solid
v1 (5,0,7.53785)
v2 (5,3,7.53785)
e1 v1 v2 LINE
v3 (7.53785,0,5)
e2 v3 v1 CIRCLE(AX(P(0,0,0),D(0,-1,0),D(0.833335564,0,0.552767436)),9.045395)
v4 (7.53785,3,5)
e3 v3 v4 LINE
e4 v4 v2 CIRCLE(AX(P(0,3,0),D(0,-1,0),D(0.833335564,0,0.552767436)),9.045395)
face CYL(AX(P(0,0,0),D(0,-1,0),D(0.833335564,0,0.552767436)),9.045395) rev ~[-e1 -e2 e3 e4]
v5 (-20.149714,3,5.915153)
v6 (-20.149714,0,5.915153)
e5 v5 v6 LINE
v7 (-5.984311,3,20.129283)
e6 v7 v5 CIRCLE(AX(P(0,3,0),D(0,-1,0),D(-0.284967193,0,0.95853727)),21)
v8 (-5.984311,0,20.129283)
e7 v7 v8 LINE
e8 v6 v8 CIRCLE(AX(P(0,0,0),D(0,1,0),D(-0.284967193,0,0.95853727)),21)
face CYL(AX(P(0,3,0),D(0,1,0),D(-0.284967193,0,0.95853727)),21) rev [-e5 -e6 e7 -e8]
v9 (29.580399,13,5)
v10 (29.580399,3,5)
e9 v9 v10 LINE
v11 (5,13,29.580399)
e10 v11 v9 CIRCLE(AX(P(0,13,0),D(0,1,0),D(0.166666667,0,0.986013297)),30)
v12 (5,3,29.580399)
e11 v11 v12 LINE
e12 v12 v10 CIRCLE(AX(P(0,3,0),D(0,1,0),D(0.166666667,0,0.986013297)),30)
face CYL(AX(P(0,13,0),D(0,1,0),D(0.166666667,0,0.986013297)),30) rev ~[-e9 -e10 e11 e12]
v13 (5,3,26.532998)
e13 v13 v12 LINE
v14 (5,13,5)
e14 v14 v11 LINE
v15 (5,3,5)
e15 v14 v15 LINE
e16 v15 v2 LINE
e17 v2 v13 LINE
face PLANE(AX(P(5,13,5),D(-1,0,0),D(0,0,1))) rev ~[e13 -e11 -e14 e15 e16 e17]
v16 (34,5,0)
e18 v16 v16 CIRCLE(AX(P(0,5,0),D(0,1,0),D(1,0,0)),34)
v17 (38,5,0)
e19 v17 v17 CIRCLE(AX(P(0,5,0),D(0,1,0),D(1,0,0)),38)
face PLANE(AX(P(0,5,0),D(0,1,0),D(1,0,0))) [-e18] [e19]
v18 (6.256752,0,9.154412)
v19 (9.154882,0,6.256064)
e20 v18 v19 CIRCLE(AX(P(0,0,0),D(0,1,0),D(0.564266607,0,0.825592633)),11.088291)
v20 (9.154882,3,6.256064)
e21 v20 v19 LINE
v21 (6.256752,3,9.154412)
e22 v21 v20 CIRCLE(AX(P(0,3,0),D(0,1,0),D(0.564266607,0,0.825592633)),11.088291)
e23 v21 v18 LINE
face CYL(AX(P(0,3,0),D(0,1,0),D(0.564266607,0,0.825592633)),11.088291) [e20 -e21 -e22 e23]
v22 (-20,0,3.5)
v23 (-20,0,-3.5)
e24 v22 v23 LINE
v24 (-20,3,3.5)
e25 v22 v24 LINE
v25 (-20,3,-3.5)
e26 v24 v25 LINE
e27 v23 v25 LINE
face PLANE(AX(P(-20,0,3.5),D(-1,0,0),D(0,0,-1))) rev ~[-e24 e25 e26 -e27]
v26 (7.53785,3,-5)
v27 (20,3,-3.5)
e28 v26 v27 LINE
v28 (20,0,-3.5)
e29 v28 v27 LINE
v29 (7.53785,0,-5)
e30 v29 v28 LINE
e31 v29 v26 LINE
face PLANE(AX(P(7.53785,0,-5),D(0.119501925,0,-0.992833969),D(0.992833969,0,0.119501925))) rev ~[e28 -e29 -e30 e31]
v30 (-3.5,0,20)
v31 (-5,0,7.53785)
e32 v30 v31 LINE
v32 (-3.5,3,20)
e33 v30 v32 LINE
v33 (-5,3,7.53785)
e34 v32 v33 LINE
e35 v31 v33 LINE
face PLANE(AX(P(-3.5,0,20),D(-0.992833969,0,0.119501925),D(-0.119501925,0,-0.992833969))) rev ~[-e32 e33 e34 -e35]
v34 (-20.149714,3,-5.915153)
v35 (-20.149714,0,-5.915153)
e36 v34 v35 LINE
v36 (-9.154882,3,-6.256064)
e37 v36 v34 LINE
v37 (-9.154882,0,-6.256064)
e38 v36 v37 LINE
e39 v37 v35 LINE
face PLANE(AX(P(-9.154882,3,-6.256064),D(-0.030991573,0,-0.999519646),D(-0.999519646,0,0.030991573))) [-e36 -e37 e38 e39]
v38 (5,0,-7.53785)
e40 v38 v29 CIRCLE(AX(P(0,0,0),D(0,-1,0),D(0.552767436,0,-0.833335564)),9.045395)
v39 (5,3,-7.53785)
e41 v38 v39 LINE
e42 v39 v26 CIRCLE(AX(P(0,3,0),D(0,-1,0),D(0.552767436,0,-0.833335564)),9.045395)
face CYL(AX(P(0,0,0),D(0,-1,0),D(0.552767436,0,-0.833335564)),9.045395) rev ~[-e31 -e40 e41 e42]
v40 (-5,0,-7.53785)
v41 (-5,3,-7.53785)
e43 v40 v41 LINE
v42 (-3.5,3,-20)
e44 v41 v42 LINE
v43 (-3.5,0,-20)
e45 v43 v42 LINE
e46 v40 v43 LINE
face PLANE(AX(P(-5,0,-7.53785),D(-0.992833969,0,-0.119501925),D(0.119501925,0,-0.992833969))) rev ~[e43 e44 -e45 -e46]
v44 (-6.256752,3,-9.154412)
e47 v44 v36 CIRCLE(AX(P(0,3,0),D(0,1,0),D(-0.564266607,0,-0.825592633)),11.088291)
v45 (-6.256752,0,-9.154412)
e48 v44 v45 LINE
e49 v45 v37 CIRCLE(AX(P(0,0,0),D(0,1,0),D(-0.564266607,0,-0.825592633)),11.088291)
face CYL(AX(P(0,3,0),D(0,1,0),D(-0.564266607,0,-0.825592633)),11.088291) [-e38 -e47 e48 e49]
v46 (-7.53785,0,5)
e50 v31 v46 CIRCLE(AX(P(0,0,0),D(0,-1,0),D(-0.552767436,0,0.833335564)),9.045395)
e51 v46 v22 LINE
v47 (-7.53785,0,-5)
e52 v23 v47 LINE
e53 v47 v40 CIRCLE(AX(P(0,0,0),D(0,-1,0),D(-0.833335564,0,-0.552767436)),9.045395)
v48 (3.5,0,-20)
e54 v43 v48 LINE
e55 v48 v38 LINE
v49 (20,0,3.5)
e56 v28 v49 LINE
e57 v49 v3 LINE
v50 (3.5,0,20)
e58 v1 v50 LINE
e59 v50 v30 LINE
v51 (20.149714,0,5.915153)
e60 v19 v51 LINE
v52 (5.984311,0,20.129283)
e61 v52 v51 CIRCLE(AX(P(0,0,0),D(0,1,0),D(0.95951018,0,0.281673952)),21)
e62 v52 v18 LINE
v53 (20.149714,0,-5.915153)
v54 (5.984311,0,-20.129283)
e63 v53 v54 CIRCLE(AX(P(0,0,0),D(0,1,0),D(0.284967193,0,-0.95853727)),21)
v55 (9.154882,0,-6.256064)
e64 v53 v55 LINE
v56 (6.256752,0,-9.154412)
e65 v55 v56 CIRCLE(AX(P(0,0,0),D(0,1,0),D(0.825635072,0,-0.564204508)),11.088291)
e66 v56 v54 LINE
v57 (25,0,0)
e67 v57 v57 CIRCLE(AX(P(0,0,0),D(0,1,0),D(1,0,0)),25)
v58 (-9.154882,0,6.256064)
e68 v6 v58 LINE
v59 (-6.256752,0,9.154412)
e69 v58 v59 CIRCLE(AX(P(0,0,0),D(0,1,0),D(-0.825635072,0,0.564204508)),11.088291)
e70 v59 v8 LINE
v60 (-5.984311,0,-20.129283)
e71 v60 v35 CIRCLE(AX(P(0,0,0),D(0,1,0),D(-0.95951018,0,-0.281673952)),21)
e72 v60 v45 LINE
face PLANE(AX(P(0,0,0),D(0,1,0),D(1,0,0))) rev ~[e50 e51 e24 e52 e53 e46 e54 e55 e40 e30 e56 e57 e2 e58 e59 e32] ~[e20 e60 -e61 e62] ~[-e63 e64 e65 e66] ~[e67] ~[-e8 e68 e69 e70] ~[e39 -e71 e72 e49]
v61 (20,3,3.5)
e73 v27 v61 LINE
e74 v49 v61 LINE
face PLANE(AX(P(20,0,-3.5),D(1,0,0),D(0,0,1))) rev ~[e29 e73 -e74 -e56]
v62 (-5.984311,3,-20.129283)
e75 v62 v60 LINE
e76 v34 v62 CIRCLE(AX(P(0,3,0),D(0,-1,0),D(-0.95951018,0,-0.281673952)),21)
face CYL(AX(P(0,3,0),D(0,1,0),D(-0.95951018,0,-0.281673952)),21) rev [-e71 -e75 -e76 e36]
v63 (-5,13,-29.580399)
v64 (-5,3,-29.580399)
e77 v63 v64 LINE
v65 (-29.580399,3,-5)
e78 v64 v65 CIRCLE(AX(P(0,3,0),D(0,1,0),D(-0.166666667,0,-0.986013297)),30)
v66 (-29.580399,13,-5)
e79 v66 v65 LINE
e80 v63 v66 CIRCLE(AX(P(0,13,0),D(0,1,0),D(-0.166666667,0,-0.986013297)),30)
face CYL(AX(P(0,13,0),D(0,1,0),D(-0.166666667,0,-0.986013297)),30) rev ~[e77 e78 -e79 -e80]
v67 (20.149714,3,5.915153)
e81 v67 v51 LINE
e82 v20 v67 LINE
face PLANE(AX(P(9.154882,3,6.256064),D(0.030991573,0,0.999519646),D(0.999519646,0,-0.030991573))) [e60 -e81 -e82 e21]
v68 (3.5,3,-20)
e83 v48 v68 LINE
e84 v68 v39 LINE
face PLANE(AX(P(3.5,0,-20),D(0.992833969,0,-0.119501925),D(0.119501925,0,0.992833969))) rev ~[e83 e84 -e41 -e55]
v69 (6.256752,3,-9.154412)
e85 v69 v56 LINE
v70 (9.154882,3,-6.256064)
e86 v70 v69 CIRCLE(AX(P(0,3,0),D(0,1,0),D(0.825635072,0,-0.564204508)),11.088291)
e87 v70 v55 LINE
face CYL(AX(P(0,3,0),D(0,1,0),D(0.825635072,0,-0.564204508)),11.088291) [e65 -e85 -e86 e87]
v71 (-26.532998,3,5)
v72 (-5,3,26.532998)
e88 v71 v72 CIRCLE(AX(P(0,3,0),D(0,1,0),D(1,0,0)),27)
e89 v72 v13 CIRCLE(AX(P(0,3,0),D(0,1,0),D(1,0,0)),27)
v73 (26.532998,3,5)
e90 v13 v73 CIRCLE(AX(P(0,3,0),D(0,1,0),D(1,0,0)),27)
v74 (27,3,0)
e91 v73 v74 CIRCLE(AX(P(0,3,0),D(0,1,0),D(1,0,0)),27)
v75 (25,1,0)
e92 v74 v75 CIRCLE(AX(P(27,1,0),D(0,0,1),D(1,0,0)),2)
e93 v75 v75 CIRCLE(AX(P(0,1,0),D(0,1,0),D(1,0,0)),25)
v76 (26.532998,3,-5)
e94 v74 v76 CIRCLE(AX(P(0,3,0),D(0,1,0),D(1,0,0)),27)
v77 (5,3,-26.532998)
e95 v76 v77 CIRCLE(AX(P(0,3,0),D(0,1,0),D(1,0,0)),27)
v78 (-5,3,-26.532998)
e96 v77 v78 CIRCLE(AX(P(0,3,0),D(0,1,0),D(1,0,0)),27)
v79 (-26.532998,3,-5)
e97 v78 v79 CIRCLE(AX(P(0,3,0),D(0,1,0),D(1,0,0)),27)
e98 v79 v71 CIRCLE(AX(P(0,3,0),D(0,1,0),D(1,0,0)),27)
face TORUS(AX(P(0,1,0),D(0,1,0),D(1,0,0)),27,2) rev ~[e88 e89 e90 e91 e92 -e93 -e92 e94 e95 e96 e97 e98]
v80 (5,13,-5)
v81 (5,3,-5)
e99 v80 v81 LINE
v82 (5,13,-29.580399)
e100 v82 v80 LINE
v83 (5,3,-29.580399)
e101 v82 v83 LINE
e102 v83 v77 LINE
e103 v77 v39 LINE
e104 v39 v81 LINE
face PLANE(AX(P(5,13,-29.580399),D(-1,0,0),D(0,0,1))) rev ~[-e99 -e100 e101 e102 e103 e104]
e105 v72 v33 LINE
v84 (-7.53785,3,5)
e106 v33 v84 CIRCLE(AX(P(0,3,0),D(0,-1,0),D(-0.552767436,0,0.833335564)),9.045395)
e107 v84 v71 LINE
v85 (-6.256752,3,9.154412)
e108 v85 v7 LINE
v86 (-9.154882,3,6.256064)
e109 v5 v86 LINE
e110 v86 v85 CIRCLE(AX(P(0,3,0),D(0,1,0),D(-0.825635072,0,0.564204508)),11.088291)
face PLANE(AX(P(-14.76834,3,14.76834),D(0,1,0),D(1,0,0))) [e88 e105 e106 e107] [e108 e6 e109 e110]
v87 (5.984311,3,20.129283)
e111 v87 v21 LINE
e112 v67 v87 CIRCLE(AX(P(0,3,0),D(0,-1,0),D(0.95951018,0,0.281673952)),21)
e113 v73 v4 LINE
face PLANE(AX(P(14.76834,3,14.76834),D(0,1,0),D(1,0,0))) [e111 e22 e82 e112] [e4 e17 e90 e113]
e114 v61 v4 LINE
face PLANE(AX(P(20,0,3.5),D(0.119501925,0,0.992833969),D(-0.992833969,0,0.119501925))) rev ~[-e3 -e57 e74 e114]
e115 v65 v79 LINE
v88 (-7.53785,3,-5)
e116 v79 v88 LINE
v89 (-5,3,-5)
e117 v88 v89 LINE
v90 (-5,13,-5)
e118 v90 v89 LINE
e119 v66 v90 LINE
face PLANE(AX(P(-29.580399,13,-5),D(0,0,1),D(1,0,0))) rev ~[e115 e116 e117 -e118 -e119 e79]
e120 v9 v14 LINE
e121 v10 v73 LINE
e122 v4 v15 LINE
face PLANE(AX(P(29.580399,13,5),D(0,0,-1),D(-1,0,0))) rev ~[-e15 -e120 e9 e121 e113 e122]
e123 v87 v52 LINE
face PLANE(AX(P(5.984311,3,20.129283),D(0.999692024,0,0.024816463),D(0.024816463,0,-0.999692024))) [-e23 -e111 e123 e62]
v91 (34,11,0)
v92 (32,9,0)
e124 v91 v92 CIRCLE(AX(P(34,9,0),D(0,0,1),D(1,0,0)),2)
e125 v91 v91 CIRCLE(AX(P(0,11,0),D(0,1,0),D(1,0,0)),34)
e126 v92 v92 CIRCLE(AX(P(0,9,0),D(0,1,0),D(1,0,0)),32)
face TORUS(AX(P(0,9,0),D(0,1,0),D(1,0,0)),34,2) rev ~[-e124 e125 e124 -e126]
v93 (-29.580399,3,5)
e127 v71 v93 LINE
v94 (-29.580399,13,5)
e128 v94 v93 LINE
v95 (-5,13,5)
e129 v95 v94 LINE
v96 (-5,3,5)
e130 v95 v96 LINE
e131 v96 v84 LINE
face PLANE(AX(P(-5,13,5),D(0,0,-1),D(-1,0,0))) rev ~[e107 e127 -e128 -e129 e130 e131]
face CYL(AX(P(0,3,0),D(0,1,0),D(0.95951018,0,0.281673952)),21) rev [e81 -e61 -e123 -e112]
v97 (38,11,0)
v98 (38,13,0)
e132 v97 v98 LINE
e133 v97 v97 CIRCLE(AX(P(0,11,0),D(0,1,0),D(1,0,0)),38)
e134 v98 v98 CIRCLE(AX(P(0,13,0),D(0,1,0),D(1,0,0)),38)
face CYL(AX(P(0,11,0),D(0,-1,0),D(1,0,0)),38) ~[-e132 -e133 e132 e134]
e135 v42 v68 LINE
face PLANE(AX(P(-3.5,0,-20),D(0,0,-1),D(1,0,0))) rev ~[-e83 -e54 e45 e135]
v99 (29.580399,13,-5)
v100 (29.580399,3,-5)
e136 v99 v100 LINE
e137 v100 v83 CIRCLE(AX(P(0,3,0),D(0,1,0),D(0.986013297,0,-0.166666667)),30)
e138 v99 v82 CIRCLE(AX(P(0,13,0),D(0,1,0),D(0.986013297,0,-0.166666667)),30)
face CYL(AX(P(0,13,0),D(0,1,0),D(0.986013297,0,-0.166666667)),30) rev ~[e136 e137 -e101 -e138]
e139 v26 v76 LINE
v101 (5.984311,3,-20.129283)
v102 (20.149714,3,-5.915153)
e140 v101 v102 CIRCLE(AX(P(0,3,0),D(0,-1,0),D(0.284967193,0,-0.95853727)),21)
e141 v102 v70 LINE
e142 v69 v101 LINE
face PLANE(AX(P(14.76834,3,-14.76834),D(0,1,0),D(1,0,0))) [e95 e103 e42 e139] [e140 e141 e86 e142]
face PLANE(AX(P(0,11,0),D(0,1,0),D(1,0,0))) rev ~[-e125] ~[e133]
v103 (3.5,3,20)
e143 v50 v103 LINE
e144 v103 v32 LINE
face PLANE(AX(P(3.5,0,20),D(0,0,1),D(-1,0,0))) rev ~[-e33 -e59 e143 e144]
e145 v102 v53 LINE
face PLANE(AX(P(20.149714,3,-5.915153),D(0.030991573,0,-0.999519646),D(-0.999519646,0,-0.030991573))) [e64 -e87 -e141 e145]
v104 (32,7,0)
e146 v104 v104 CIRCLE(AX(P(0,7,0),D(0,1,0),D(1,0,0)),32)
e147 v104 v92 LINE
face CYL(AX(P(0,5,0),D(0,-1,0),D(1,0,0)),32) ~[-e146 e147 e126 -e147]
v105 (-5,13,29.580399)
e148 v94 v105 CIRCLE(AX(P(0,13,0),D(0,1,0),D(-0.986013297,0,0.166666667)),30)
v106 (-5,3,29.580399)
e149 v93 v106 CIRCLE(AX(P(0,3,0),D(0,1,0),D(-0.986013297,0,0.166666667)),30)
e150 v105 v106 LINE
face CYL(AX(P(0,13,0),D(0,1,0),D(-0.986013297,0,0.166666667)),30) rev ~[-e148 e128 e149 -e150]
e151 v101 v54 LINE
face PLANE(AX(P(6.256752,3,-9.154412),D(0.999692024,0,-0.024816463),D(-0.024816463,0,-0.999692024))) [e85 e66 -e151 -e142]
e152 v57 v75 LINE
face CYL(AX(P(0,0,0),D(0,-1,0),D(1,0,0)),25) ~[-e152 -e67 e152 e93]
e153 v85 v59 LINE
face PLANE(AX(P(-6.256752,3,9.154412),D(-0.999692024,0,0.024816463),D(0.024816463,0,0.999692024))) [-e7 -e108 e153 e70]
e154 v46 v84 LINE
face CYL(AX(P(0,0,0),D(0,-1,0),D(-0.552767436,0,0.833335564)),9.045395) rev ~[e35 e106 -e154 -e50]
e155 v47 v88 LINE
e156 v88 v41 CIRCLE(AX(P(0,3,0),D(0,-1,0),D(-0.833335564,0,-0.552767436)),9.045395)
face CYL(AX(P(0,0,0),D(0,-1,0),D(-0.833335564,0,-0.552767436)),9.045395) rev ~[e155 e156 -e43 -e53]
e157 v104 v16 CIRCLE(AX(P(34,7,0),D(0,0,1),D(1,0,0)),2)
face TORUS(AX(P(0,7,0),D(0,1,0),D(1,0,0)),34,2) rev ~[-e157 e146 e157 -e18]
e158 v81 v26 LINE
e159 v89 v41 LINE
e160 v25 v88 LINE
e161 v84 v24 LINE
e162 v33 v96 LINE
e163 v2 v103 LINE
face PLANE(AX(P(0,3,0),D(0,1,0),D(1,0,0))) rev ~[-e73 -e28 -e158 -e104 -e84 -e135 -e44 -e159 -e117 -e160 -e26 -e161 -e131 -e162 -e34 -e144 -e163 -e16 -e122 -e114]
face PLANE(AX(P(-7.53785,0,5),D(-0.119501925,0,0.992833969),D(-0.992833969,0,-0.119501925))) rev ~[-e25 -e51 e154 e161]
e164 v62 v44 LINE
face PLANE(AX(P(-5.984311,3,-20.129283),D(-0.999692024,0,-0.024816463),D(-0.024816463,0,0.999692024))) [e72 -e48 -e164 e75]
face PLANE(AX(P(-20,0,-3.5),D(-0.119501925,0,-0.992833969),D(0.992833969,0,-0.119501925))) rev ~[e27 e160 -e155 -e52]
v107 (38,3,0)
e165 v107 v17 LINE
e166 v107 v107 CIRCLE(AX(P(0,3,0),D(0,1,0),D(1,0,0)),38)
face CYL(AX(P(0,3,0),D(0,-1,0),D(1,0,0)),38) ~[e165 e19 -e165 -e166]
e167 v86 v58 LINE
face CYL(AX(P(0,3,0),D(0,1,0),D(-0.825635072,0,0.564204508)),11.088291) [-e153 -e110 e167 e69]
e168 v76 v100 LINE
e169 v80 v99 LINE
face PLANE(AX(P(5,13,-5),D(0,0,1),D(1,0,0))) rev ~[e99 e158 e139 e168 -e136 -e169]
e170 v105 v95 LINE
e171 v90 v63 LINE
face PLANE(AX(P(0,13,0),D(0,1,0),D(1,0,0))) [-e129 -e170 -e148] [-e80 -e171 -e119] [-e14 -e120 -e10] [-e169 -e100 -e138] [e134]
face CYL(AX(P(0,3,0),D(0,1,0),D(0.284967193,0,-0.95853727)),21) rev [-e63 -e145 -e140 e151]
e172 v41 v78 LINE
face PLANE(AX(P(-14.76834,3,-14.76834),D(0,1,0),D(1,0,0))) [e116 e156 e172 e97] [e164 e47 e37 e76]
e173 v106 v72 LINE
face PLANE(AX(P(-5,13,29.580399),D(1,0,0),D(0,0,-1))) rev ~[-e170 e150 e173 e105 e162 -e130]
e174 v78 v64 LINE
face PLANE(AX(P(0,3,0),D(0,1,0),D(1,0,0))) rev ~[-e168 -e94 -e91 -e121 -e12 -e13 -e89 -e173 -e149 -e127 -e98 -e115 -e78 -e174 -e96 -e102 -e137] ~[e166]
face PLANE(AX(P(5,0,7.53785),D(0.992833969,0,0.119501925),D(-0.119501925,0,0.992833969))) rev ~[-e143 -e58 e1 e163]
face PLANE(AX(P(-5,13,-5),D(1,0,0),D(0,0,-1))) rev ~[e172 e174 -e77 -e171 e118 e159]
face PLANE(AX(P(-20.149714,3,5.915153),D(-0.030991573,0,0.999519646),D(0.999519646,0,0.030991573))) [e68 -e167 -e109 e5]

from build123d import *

# Parameters (mm, degrees)
SKETCH1_R            = 25
BOSS_EXTRUDE2_DEPTH  = 3
SKETCH3_R            = 38
BOSS_EXTRUDE4_DEPTH  = 2
SKETCH5_R            = 32
SKETCH5_R_2          = 27
BOSS_EXTRUDE5_DEPTH  = 6
SKETCH6_R            = 5
BOSS_EXTRUDE7_DEPTH  = 6
SKETCH7_R            = 38
BOSS_EXTRUDE9_DEPTH  = 2
FILLET2_R            = 2
FILLET3_R            = 2
FILLET5_R            = 2
SKETCH8_R            = 30
BOSS_EXTRUDE10_DEPTH = 9
CUT_EXTRUDE1_DEPTH   = 10
CUT_EXTRUDE3_DEPTH   = 10


with BuildPart() as part:
    # Sketch1 → Boss-Extrude2 (new body)
    with BuildSketch(Plane(origin=(0, 0, 0), x_dir=(1, 0, 0), z_dir=(0, 1, 0))):
        Circle(SKETCH1_R)
        with BuildLine():
            Line((20, -3.5), (7.537849637, -5))
            ThreePointArc((7.537849637, -5), (6.396060395, -6.396060395), (5, -7.537849637))
            Line((5, -7.537849637), (3.5, -20))
            Line((3.5, -20), (-3.5, -20))
            Line((-3.5, -20), (-5, -7.537849637))
            ThreePointArc((-5, -7.537849637), (-6.396060395, -6.396060395), (-7.537849637, -5))
            Line((-7.537849637, -5), (-20, -3.5))
            Line((-20, -3.5), (-20, 3.5))
            Line((-20, 3.5), (-7.537849637, 5))
            ThreePointArc((-7.537849637, 5), (-6.396060395, 6.396060395), (-5, 7.537849637))
            Line((-5, 7.537849637), (-3.5, 20))
            Line((-3.5, 20), (3.5, 20))
            Line((3.5, 20), (5, 7.537849637))
            ThreePointArc((5, 7.537849637), (6.396060395, 6.396060395), (7.537849637, 5))
            Line((7.537849637, 5), (20, 3.5))
            Line((20, 3.5), (20, -3.5))
        make_face(mode=Mode.SUBTRACT)
    extrude(amount=BOSS_EXTRUDE2_DEPTH)

    # Sketch3 → Boss-Extrude4 (add)
    with BuildSketch(Plane(origin=(0, 3, 0), x_dir=(1, 0, 0), z_dir=(0, 1, 0))):
        Circle(SKETCH3_R)
    extrude(amount=BOSS_EXTRUDE4_DEPTH)

    # Sketch5 → Boss-Extrude5 (add)
    with BuildSketch(Plane(origin=(0, 5, 0), x_dir=(1, 0, 0), z_dir=(0, 1, 0))):
        Circle(SKETCH5_R)
        Circle(SKETCH5_R_2, mode=Mode.SUBTRACT)
    extrude(amount=BOSS_EXTRUDE5_DEPTH)

    # Sketch6 → Boss-Extrude7 (add)
    with BuildSketch(Plane(origin=(0, 5, 0), x_dir=(1, 0, 0), z_dir=(0, 1, 0))):
        Circle(SKETCH6_R)
    extrude(amount=BOSS_EXTRUDE7_DEPTH)

    # Sketch7 → Boss-Extrude9 (add)
    with BuildSketch(Plane(origin=(0, 11, 0), x_dir=(1, 0, 0), z_dir=(0, 1, 0))):
        Circle(SKETCH7_R)
    extrude(amount=BOSS_EXTRUDE9_DEPTH)

    # Fillet2
    fillet2_edges = [part.edges().sort_by_distance(p)[0] for p in [
        (-32, 11, 0),
    ]]
    fillet(fillet2_edges, radius=FILLET2_R)

    # Fillet3
    fillet3_edges = [part.edges().sort_by_distance(p)[0] for p in [
        (-32, 5, 0),
    ]]
    fillet(fillet3_edges, radius=FILLET3_R)

    # Fillet5
    fillet5_edges = [part.edges().sort_by_distance(p)[0] for p in [
        (-25, 3, 0),
    ]]
    fillet(fillet5_edges, radius=FILLET5_R)

    # Sketch8 → Boss-Extrude10 (add)
    with BuildSketch(Plane(origin=(0, 13, 0), x_dir=(1, 0, 0), z_dir=(0, 1, 0))):
        Circle(SKETCH8_R)
    extrude(amount=-BOSS_EXTRUDE10_DEPTH)

    # Sketch9 → Cut-Extrude1 (cut)
    with BuildSketch(Plane(origin=(0, 13, 0), x_dir=(1, 0, 0), z_dir=(0, 1, 0))):
        with BuildLine():
            Line((5, -5), (5, -29.580398915))
            ThreePointArc((5, -29.580398915), (21.213203436, -21.213203436), (29.580398915, -5))
            Line((29.580398915, -5), (5, -5))
        make_face()
        with BuildLine():
            Line((-5, -29.580398915), (-5, -5))
            Line((-5, -5), (-29.580398915, -5))
            ThreePointArc((-29.580398915, -5), (-21.213203436, -21.213203436), (-5, -29.580398915))
        make_face()
        with BuildLine():
            Line((-29.580398915, 5), (-5, 5))
            Line((-5, 5), (-5, 29.580398915))
            ThreePointArc((-5, 29.580398915), (-21.213203436, 21.213203436), (-29.580398915, 5))
        make_face()
        with BuildLine():
            ThreePointArc((29.580398915, 5), (21.213203436, 21.213203436), (5, 29.580398915))
            Line((5, 29.580398915), (5, 5))
            Line((5, 5), (29.580398915, 5))
        make_face()
    extrude(amount=-CUT_EXTRUDE1_DEPTH, mode=Mode.SUBTRACT)

    # Sketch10 → Cut-Extrude3 (cut)
    with BuildSketch(Plane(origin=(0, 3, 0), x_dir=(-1, 0, 0), z_dir=(0, -1, 0))):
        with BuildLine():
            ThreePointArc((-9.154882095, 6.256063873), (-7.840900748, 7.840311015), (-6.256752441, 9.154411518))
            Line((-6.256752441, 9.154411518), (-5.984311052, 20.129282681))
            ThreePointArc((-5.984311052, 20.129282681), (-14.874716269, 14.823724765), (-20.149713772, 5.915152991))
            Line((-20.149713772, 5.915152991), (-9.154882095, 6.256063873))
        make_face()
        with BuildLine():
            Line((5.984311052, 20.129282681), (6.256752441, 9.154411518))
            ThreePointArc((6.256752441, 9.154411518), (7.840900748, 7.840311015), (9.154882095, 6.256063873))
            Line((9.154882095, 6.256063873), (20.149713772, 5.915152991))
            ThreePointArc((20.149713772, 5.915152991), (14.874716269, 14.823724765), (5.984311052, 20.129282681))
        make_face()
        with BuildLine():
            Line((20.149713772, -5.915152991), (9.154882095, -6.256063873))
            ThreePointArc((9.154882095, -6.256063873), (7.840900748, -7.840311015), (6.256752441, -9.154411518))
            Line((6.256752441, -9.154411518), (5.984311052, -20.129282681))
            ThreePointArc((5.984311052, -20.129282681), (14.874716269, -14.823724765), (20.149713772, -5.915152991))
        make_face()
        with BuildLine():
            ThreePointArc((-6.256752441, -9.154411518), (-7.840900748, -7.840311015), (-9.154882095, -6.256063873))
            Line((-9.154882095, -6.256063873), (-20.149713772, -5.915152991))
            ThreePointArc((-20.149713772, -5.915152991), (-14.874716269, -14.823724765), (-5.984311052, -20.129282681))
            Line((-5.984311052, -20.129282681), (-6.256752441, -9.154411518))
        make_face()
    extrude(amount=CUT_EXTRUDE3_DEPTH, mode=Mode.SUBTRACT)


solid = part.part
